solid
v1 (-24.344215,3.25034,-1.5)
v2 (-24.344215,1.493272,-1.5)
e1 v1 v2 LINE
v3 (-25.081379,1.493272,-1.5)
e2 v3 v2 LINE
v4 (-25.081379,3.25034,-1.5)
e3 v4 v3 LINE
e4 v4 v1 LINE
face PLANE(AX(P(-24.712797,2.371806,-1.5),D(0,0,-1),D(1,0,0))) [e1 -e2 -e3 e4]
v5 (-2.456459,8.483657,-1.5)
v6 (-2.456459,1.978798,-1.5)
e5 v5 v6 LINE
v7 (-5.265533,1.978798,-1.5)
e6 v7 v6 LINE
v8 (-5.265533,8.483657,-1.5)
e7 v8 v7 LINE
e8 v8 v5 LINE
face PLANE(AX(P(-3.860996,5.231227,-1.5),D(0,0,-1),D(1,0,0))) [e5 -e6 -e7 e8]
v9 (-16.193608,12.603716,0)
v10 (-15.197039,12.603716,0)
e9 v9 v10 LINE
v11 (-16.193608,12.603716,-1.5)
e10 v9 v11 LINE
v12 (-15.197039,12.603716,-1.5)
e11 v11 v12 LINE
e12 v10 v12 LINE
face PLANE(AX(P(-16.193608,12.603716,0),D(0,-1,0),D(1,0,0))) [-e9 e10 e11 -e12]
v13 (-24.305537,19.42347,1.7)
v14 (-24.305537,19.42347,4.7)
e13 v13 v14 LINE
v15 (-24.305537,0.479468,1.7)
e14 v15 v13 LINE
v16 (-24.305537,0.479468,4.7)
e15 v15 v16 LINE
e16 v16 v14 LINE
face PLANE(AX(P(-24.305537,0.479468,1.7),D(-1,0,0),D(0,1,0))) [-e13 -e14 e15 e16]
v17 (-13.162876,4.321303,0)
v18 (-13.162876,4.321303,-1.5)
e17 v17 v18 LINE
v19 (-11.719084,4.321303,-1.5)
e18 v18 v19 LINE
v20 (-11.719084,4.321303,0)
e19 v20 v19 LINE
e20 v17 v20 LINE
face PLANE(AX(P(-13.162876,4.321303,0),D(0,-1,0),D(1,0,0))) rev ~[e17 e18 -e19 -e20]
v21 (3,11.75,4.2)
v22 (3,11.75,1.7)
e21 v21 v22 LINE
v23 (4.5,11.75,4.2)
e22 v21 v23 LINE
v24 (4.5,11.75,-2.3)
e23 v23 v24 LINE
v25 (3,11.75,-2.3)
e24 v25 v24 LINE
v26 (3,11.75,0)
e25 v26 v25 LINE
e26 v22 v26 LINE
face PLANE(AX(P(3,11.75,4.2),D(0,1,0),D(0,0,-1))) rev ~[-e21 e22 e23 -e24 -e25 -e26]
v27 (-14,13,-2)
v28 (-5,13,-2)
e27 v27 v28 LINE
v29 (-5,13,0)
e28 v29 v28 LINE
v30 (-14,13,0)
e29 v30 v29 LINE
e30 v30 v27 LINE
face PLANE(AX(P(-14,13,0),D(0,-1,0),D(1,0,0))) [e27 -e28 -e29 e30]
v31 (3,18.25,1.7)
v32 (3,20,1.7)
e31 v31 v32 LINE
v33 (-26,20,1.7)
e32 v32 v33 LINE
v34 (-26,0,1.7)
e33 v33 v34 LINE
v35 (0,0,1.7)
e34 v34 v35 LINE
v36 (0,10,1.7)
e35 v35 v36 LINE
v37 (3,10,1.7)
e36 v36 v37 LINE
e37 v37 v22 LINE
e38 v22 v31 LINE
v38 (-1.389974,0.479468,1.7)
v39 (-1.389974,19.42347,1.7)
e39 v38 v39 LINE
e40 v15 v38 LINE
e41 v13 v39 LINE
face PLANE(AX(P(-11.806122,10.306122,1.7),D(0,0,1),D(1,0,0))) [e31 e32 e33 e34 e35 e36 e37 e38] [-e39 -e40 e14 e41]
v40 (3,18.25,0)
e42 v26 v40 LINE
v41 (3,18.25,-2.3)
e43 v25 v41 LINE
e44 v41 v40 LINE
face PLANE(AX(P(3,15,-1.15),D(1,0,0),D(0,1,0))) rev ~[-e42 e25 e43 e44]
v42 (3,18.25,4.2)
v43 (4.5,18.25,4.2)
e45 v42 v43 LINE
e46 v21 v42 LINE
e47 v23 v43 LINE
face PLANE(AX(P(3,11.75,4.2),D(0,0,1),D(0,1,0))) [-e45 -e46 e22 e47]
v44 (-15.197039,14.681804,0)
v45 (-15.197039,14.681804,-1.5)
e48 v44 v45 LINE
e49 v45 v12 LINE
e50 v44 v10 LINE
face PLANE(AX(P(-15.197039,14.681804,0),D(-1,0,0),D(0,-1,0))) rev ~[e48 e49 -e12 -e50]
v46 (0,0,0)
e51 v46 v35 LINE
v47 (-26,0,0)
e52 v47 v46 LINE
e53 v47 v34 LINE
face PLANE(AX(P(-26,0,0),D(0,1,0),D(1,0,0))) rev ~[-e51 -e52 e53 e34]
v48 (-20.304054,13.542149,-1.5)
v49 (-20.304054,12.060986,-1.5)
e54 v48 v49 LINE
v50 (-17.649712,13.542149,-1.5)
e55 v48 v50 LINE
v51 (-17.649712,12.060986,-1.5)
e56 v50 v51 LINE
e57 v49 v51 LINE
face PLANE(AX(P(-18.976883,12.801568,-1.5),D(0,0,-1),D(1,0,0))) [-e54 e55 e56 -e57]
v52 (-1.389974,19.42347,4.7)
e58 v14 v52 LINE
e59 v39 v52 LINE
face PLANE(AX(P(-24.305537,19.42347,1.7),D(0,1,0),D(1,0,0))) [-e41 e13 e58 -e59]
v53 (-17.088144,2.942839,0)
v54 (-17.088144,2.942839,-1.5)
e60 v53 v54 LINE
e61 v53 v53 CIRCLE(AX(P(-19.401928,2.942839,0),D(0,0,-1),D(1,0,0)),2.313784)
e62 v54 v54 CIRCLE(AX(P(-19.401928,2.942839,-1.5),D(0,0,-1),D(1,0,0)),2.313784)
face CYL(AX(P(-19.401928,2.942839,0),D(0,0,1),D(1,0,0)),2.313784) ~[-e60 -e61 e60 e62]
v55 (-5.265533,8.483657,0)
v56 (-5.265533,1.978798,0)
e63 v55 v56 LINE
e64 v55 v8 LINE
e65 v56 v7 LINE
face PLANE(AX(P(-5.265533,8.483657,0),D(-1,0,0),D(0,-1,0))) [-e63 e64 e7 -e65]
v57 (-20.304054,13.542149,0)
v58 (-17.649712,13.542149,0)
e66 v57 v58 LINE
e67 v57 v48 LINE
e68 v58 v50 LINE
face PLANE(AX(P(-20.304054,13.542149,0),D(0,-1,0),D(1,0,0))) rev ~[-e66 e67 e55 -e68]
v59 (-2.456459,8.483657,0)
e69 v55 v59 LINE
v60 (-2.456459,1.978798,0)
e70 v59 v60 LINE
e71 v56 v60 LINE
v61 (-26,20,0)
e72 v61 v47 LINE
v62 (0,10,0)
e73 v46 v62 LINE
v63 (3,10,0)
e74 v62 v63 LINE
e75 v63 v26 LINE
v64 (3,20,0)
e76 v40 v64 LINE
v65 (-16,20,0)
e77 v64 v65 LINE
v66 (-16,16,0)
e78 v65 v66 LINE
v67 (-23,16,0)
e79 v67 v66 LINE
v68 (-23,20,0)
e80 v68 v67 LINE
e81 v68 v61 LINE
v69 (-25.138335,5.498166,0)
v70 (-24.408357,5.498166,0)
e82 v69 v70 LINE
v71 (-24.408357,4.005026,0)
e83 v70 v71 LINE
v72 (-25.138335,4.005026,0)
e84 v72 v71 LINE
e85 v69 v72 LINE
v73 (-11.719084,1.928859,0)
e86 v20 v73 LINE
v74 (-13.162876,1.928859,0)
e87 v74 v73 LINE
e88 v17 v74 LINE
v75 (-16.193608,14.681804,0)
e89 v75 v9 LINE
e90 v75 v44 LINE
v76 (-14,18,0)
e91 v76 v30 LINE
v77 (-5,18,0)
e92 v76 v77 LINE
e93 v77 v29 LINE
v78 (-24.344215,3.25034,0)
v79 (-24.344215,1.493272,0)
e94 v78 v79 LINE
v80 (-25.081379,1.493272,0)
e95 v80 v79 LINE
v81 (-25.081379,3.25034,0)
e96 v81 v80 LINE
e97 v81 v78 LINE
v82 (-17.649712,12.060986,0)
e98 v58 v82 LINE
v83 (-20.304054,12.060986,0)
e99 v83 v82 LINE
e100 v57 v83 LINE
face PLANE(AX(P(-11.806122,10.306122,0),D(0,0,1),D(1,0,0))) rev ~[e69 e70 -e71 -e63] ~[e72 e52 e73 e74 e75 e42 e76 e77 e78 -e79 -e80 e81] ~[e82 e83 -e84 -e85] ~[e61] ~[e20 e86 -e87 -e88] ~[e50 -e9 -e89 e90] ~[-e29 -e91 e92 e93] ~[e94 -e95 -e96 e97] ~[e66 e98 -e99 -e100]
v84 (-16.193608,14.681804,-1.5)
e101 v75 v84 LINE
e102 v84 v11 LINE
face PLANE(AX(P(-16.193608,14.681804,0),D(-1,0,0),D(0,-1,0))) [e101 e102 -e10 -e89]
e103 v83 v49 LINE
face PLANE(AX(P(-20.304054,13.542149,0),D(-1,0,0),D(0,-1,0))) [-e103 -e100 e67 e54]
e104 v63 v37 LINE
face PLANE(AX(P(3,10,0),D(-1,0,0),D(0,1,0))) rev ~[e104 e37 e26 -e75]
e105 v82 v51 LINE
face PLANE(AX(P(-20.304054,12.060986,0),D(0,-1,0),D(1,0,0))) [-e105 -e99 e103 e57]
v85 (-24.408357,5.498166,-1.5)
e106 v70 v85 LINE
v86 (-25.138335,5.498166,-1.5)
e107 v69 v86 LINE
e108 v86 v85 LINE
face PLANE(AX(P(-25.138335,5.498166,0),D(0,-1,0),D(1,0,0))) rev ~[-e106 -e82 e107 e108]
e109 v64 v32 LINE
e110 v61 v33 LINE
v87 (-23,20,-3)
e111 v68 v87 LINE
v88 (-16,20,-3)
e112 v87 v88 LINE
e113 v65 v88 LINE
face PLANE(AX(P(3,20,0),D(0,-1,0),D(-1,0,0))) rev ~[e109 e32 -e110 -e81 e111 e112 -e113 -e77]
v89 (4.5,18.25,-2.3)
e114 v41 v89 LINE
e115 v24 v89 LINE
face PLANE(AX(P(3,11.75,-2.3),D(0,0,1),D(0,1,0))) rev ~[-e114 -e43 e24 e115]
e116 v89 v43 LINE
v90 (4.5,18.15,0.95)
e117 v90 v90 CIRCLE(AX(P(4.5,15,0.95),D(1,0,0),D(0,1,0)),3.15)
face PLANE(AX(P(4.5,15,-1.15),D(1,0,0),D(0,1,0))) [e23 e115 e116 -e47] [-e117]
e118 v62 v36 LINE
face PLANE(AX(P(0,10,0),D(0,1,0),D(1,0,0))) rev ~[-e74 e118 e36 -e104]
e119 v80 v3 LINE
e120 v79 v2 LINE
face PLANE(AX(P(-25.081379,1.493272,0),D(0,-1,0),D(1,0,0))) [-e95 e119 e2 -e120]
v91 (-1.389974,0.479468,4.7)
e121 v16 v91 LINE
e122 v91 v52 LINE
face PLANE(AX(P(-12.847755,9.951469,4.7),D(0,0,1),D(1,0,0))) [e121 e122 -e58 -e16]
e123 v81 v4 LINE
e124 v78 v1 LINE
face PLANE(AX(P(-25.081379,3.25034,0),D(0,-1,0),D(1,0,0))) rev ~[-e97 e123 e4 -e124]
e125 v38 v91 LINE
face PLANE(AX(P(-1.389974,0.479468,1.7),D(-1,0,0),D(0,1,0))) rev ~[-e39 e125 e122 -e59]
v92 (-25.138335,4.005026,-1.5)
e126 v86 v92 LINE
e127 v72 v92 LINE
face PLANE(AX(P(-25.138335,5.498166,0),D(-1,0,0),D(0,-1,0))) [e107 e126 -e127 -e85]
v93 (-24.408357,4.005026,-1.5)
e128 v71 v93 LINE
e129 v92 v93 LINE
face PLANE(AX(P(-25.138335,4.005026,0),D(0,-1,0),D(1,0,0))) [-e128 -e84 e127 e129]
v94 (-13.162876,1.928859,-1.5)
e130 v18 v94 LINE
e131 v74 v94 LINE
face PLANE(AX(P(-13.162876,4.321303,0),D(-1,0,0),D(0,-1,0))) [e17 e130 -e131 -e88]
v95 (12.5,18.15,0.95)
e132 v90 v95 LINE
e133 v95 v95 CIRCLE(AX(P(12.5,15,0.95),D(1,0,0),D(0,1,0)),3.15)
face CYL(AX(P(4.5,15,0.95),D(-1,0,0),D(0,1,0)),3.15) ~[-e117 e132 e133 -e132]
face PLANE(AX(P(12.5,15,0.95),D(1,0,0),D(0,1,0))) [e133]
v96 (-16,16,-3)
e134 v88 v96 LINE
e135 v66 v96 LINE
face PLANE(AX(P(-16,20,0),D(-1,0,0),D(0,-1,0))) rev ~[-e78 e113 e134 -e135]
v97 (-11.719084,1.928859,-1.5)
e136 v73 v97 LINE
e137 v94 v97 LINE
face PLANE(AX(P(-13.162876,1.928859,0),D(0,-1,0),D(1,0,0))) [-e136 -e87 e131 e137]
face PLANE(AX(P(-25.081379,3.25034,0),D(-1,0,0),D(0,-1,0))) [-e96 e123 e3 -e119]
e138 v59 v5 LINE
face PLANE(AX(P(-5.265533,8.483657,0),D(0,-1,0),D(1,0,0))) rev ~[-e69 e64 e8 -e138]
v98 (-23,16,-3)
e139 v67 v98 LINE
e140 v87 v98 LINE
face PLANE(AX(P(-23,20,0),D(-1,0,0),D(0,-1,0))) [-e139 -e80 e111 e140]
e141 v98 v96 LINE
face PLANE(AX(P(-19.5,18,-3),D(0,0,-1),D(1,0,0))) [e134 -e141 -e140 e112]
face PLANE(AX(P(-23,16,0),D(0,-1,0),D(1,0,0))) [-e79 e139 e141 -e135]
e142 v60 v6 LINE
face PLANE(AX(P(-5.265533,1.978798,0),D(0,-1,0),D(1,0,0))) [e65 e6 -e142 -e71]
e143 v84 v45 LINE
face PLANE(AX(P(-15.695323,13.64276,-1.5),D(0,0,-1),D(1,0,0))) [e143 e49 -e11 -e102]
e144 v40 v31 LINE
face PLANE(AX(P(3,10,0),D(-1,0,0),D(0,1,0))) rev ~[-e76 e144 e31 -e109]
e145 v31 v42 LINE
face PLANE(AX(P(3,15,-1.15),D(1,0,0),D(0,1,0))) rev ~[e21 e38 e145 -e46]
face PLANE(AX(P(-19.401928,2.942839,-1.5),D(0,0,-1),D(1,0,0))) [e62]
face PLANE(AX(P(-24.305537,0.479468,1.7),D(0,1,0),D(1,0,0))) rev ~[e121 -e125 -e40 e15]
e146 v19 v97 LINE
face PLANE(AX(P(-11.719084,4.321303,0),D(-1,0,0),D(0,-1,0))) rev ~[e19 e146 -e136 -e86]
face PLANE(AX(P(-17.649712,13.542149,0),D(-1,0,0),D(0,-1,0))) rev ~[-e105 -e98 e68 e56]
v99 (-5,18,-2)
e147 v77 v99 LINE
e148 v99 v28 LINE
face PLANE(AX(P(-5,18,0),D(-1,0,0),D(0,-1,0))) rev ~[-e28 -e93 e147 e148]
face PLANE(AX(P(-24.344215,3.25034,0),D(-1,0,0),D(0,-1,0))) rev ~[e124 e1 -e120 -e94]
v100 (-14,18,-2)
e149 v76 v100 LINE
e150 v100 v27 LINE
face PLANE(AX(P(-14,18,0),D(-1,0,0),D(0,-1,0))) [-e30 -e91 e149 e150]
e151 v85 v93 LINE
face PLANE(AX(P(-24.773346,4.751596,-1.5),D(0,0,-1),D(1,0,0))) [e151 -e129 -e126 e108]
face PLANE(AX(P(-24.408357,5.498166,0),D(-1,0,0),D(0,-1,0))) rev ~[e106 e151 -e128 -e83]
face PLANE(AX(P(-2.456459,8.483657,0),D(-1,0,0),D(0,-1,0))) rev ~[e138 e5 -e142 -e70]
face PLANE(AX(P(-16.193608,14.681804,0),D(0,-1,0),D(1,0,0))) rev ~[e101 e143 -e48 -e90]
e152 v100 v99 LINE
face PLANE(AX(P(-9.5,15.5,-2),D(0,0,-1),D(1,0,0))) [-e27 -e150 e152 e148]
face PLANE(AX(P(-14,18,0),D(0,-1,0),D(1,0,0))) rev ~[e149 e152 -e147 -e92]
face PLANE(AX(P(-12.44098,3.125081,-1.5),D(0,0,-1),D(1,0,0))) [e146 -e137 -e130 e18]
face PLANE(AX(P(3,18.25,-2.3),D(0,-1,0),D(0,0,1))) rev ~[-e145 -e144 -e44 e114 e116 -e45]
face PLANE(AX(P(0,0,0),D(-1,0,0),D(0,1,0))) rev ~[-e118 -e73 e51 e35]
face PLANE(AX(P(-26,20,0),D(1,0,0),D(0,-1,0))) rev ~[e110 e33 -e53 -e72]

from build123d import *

# Parameters (mm, degrees)
F1_DEPTH  = 1.7
F2_W      = 22.915563779
F2_H      = 18.9440016984
F3_DEPTH  = 3
F4_W      = 9
F4_H      = 5
F5_DEPTH  = 2
F6_W      = 2.8090730775
F6_H      = 6.5048590768
F6_W_2    = 0.9965691715
F6_H_2    = 2.0780880004
F6_W_3    = 2.6543419808
F6_H_3    = 1.4811633155
F6_W_4    = 1.4437921345
F6_H_4    = 2.3924442939
F6_W_5    = 0.7371641695
F6_H_5    = 1.757067279
F6_W_6    = 0.7299780846
F6_H_6    = 1.4931405894
F6_R      = 2.3137841174
F7_DEPTH  = 1.5
F8_W      = 7
F8_H      = 4
F9_DEPTH  = 3
F10_W     = 6.5
F10_H     = 2.3
F10_H_2   = 1.7
F10_H_3   = 2.5
F11_DEPTH = 1.5
F12_R     = 3.15
F13_DEPTH = 8


with BuildPart() as f1:
    # F0 (on Top) → F1 (new body)
    with BuildSketch(Plane.XY):
        Polygon((-26, 20), (-26, 0), (0, 0), (0, 10), (3, 10), (3, 20), align=None)
    extrude(amount=F1_DEPTH)

    # F2 (on face) → F3 (join)
    with BuildSketch(Plane.XY.offset(1.7)):
        with Locations((-12.8477554535, 9.9514690519)):
            Rectangle(F2_W, F2_H)
    extrude(amount=F3_DEPTH)

    # F4 (on face) → F5 (join)
    with BuildSketch(Plane(origin=(0, 0, 0), x_dir=(1, 0, 0), z_dir=(0, 0, -1))):
        with Locations((-9.5, -15.5)):
            Rectangle(F4_W, F4_H)
    extrude(amount=F5_DEPTH)

    # F6 (on face) → F7 (join)
    with BuildSketch(Plane(origin=(0, 0, 0), x_dir=(1, 0, 0), z_dir=(0, 0, -1))):
        with Locations((-3.8609959884, -5.2312271437)):
            Rectangle(F6_W, F6_H)
        with Locations((-15.6953232363, -13.6427599937)):
            Rectangle(F6_W_2, F6_H_2)
        with Locations((-18.9768830314, -12.8015675582)):
            Rectangle(F6_W_3, F6_H_3)
        with Locations((-12.4409804121, -3.1250810716)):
            Rectangle(F6_W_4, F6_H_4)
        with Locations((-24.7127972543, -2.3718061275)):
            Rectangle(F6_W_5, F6_H_5)
        with Locations((-24.7733462602, -4.7515959013)):
            Rectangle(F6_W_6, F6_H_6)
        with Locations((-19.4019284099, -2.9428394046)):
            Circle(F6_R)
    extrude(amount=F7_DEPTH)

    # F8 (on face) → F9 (join)
    with BuildSketch(Plane(origin=(0, 0, 0), x_dir=(1, 0, 0), z_dir=(0, 0, -1))):
        with Locations((-19.5, -18)):
            Rectangle(F8_W, F8_H)
    extrude(amount=F9_DEPTH)

    # F10 (on face) → F11 (join)
    with BuildSketch(Plane.YZ.offset(3)):
        with Locations((15, -1.15)):
            Rectangle(F10_W, F10_H)
        with Locations((15, 0.85)):
            Rectangle(F10_W, F10_H_2)
        with Locations((15, 2.95)):
            Rectangle(F10_W, F10_H_3)
    extrude(amount=F11_DEPTH)

    # F12 (on face) → F13 (join)
    with BuildSketch(Plane.YZ.offset(4.5)):
        with Locations((15, 0.95)):
            Circle(F12_R)
    extrude(amount=F13_DEPTH)


solid = f1.part
